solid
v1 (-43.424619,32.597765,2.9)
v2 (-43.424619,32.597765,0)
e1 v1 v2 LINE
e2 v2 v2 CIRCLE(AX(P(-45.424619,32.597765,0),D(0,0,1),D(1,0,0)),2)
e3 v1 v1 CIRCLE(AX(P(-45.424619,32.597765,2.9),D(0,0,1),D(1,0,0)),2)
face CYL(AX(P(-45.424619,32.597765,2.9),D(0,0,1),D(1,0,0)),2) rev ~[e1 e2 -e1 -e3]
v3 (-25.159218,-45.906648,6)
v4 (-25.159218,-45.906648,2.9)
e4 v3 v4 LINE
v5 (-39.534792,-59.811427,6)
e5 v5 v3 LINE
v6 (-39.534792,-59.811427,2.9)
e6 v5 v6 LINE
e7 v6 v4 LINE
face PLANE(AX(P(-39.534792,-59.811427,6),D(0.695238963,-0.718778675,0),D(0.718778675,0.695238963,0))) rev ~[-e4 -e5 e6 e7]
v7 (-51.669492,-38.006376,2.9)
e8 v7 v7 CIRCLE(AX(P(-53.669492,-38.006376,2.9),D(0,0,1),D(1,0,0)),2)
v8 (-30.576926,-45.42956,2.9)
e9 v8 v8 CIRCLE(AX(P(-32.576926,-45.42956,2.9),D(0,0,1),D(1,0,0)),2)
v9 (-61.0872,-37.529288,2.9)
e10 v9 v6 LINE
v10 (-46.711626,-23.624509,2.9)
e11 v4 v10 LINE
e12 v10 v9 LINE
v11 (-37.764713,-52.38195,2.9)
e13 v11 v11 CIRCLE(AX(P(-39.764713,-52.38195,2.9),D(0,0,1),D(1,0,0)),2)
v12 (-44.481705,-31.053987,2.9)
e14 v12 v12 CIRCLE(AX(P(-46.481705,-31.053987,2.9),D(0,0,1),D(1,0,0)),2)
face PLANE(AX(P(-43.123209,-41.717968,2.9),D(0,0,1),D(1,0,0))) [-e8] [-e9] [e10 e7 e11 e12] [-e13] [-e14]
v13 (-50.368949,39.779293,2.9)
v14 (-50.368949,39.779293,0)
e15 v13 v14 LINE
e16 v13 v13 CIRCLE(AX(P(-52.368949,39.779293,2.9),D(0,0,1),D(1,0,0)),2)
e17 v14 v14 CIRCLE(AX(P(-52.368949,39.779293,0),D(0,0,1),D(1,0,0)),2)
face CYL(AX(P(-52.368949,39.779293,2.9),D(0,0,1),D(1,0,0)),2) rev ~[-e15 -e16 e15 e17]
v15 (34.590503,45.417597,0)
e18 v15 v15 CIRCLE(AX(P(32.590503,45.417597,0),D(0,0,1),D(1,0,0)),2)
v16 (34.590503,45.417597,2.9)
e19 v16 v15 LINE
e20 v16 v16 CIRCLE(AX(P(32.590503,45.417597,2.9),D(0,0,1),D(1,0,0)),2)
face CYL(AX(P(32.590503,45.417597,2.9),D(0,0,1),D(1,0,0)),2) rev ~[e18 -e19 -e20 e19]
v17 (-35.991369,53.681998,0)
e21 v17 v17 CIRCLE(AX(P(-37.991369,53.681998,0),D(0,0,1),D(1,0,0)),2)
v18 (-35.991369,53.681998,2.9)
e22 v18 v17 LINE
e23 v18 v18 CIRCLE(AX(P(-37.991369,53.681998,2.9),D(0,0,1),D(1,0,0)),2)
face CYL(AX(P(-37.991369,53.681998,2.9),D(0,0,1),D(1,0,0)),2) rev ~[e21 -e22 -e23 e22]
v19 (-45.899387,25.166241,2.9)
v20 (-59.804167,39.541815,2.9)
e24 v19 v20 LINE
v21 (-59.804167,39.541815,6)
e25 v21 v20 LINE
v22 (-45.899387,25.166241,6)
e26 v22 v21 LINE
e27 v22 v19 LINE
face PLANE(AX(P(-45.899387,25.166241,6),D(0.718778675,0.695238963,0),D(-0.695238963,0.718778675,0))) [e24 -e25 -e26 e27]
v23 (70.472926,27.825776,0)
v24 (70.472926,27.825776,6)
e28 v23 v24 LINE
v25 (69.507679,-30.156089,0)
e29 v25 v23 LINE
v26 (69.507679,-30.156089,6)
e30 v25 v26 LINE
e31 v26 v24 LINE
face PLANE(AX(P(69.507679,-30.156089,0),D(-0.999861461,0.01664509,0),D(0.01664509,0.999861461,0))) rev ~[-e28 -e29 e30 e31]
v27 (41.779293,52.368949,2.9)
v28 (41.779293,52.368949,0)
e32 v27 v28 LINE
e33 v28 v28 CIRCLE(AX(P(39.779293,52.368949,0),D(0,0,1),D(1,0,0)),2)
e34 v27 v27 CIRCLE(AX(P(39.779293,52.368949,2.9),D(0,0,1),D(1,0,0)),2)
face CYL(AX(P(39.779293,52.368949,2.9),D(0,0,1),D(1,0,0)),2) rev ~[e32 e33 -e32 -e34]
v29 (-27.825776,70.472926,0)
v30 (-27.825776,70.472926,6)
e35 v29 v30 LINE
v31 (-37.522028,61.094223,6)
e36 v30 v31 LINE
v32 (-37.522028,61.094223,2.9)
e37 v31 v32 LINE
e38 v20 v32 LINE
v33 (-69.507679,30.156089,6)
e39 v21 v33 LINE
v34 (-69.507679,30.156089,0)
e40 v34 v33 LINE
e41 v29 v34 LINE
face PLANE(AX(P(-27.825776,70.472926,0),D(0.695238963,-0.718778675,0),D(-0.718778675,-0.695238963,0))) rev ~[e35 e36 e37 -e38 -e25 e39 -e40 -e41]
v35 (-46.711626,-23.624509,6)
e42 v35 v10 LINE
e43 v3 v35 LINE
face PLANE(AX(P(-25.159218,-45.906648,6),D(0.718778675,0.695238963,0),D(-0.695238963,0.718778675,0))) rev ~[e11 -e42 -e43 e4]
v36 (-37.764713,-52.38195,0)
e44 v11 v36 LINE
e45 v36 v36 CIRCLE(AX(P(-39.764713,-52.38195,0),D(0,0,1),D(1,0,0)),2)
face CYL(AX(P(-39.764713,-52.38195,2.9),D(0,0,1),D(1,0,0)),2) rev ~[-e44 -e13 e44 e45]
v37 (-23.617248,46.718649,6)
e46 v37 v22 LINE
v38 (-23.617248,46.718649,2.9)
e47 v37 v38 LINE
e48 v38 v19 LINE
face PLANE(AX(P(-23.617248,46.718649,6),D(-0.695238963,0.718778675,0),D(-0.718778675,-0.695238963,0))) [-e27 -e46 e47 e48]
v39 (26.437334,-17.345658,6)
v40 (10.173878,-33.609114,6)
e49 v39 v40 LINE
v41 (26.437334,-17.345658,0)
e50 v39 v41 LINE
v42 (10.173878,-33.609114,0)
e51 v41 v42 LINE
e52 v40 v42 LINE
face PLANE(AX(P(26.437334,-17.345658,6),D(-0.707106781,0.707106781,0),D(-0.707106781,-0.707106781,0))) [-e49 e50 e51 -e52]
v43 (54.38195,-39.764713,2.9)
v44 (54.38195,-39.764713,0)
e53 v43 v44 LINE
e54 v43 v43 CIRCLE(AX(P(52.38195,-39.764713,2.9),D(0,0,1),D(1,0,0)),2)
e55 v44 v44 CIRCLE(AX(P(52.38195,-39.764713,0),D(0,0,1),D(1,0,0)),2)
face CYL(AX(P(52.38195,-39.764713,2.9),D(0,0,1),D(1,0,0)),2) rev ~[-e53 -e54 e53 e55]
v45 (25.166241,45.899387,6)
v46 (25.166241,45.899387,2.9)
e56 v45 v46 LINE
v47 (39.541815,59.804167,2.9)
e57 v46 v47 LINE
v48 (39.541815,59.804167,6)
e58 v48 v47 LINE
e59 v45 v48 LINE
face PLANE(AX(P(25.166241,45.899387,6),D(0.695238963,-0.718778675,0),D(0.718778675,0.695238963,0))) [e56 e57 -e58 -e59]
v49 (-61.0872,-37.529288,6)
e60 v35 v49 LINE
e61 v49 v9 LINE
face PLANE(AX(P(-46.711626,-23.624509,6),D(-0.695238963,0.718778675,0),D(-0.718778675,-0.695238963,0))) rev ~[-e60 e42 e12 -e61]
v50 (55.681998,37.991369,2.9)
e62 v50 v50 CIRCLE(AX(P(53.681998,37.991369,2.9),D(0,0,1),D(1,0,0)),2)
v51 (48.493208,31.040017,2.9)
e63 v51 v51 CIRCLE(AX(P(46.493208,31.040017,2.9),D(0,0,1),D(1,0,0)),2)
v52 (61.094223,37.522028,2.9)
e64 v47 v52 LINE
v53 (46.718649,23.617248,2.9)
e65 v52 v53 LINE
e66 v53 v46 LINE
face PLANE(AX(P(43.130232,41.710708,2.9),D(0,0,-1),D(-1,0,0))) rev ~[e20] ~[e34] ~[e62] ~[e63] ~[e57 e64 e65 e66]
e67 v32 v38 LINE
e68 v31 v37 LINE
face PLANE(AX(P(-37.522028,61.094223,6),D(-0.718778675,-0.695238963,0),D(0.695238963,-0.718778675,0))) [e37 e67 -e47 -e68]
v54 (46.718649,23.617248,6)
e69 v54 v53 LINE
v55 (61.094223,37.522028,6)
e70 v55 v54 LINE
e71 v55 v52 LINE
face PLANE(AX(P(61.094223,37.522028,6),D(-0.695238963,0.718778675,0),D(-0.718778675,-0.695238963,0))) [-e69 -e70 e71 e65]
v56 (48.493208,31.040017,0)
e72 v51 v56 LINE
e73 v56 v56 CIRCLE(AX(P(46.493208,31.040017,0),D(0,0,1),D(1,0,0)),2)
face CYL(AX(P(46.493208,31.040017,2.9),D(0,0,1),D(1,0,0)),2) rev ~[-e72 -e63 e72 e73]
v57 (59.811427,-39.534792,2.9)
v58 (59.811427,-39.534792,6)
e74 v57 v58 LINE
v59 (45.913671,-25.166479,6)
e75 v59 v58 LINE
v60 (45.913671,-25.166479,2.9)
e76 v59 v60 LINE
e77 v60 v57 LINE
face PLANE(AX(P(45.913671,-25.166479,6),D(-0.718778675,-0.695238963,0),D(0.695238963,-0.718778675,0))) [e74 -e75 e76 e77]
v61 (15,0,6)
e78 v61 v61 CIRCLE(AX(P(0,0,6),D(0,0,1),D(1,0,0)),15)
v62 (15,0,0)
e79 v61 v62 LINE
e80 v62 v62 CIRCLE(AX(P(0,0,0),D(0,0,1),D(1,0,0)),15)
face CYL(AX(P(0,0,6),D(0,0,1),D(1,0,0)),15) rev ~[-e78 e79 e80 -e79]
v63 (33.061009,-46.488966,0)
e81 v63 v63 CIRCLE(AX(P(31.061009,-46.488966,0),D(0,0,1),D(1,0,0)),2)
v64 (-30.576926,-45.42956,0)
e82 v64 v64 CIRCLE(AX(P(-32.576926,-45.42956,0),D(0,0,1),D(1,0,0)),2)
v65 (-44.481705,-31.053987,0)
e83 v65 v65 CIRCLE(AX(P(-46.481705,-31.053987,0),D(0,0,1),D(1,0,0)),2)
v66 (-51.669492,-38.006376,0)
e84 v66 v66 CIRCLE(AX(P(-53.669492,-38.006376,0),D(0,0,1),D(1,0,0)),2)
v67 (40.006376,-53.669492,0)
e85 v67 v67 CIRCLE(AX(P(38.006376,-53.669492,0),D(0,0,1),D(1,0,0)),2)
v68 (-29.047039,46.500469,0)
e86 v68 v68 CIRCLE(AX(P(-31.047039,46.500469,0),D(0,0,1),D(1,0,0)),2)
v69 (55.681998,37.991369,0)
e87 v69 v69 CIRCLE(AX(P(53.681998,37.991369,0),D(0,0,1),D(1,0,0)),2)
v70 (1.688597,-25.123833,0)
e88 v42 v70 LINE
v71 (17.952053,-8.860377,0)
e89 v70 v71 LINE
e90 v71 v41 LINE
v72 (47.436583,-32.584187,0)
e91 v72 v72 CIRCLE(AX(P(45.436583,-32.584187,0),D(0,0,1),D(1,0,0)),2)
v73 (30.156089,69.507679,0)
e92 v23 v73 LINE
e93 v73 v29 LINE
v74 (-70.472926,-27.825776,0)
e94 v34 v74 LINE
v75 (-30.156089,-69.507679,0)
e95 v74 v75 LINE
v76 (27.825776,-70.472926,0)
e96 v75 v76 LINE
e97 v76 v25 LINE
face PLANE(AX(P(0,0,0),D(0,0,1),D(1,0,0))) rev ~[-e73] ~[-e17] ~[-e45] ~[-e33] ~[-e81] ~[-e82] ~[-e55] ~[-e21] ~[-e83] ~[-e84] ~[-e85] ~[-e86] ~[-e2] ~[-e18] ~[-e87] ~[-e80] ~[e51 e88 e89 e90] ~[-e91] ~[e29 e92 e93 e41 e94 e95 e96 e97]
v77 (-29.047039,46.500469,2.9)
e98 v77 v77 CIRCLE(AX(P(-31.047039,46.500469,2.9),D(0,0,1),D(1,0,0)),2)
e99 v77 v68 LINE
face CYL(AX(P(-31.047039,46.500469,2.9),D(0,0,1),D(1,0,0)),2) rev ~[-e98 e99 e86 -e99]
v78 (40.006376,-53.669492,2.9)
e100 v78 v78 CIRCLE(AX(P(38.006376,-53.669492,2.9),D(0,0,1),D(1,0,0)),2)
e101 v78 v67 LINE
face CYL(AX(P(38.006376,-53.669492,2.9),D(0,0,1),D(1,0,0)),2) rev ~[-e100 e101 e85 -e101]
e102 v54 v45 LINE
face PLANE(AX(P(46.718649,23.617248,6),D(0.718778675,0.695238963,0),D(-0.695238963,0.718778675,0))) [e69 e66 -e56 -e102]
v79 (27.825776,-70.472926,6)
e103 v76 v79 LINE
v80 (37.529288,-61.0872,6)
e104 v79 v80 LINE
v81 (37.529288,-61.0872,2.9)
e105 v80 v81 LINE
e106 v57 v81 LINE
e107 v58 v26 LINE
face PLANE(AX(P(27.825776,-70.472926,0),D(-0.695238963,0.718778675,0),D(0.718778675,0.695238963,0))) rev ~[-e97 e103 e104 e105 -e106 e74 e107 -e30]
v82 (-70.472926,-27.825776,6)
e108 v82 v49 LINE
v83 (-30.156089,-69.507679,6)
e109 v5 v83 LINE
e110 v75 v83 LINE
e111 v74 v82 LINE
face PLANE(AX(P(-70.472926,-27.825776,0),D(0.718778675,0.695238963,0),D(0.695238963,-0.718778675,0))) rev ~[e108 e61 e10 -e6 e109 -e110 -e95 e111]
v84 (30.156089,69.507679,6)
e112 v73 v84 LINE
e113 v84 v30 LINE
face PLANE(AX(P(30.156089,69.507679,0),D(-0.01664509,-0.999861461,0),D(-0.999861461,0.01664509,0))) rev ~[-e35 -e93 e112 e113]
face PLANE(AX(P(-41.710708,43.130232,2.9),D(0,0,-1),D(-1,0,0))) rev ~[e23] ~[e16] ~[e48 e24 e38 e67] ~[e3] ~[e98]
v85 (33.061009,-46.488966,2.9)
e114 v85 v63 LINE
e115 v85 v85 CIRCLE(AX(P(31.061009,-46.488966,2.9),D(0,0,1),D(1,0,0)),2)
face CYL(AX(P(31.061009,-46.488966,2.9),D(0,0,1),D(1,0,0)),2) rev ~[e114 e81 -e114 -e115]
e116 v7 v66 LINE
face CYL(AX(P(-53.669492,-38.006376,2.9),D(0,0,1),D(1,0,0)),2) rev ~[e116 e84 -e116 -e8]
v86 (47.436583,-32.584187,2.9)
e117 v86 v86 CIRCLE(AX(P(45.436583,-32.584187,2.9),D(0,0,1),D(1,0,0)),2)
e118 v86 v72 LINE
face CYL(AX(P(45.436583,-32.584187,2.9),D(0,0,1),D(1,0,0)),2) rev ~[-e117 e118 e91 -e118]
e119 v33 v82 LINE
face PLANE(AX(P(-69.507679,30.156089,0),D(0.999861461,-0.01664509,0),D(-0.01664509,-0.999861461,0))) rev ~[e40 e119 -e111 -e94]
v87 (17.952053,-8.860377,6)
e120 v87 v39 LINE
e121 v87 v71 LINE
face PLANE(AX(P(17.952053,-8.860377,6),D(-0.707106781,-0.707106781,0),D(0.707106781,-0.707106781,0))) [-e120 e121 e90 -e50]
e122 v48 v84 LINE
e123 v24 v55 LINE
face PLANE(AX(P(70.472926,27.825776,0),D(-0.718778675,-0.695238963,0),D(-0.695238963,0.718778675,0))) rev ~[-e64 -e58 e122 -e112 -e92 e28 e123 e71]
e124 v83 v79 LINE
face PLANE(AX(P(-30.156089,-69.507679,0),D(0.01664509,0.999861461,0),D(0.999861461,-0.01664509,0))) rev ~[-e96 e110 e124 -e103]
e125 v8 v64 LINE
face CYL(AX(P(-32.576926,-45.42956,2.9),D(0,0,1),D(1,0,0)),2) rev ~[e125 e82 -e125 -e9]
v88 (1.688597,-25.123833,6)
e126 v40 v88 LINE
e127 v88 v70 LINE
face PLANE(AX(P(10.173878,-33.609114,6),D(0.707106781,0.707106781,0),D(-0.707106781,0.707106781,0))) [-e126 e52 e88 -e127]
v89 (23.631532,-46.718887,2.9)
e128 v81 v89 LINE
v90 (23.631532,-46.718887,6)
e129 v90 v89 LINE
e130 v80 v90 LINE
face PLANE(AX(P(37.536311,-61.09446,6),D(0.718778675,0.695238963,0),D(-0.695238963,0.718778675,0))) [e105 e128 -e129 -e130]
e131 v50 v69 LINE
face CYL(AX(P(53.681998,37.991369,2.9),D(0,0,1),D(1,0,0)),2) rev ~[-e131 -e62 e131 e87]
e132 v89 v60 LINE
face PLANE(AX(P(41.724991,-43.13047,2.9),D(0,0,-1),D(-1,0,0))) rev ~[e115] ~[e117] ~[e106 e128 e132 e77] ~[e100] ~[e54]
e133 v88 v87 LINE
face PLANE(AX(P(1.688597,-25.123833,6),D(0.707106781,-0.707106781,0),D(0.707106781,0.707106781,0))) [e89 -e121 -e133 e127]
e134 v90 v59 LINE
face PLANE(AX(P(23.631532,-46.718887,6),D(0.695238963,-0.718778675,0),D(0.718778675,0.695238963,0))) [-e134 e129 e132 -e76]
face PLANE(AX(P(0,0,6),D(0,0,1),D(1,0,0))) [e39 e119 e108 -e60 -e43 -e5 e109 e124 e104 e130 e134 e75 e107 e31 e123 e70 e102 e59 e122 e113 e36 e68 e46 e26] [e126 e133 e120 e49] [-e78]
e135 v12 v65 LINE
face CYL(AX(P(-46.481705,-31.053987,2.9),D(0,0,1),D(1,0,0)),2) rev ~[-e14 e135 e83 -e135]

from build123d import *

# Parameters (mm, degrees)
RESSALTO_EXTRUS_O1_DEPTH = 6
CORTE_EXTRUS_O1_DEPTH    = 3.1
ESBO_O4_R                = 15
CORTE_EXTRUS_O2_DEPTH    = 100.844211363
ESBO_O6_R                = 2
CORTE_EXTRUS_O3_DEPTH    = 3.1
CORTE_EXTRUS_O7_DEPTH    = 10


with BuildPart() as part:
    # Esboço2 → Ressalto-extrusão1 (new body)
    with BuildSketch(Plane.XY):
        Polygon((70.472925804, 27.825776133), (30.15608873, 69.507678721), (-27.825776133, 70.472925804), (-69.507678721, 30.15608873), (-70.472925804, -27.825776133), (-30.15608873, -69.507678721), (27.825776133, -70.472925804), (69.507678721, -30.15608873), align=None)
    extrude(amount=RESSALTO_EXTRUS_O1_DEPTH)

    # Esboço3 → Corte-extrusão1 (cut)
    with BuildSketch(Plane.XY.offset(6)):
        Polygon((-61.0871998, -37.529288249), (-39.534791939, -59.811427182), (-25.159218434, -45.906647917), (-46.711626295, -23.624508984), align=None)
        Polygon((46.71864909, 23.617248408), (25.166241229, 45.899387341), (39.541814734, 59.804166606), (61.094222595, 37.522027673), align=None)
        Polygon((-59.804166606, 39.541814734), (-37.522027673, 61.094222595), (-23.617248408, 46.71864909), (-45.899387341, 25.166241229), align=None)
        Polygon((23.631531779, -46.718886871), (45.913670712, -25.16647901), (59.818449977, -39.542052515), (37.536311044, -61.094460376), align=None)
    extrude(amount=-CORTE_EXTRUS_O1_DEPTH, mode=Mode.SUBTRACT)

    # Esboço4 → Corte-extrusão2 (cut, through all)
    with BuildSketch(Plane.XY.offset(6)):
        Circle(ESBO_O4_R)
    extrude(amount=-CORTE_EXTRUS_O2_DEPTH, mode=Mode.SUBTRACT)

    # Esboço6 → Corte-extrusão3 (cut)
    with BuildSketch(Plane.XY.offset(2.9)):
        with Locations((-46.481705373, -31.053986514)):
            Circle(ESBO_O6_R)
        with Locations((-53.669492126, -38.006376147)):
            Circle(ESBO_O6_R)
        with Locations((-39.764712861, -52.381949652)):
            Circle(ESBO_O6_R)
        with Locations((-32.576926108, -45.429560019)):
            Circle(ESBO_O6_R)
        with Locations((39.779293109, 52.368949317)):
            Circle(ESBO_O6_R)
        with Locations((32.590503175, 45.417596982)):
            Circle(ESBO_O6_R)
        with Locations((53.681997779, 37.991369449)):
            Circle(ESBO_O6_R)
        with Locations((46.493207845, 31.040017114)):
            Circle(ESBO_O6_R)
        with Locations((38.006376147, -53.669492126)):
            Circle(ESBO_O6_R)
        with Locations((31.061009309, -46.488965949)):
            Circle(ESBO_O6_R)
        with Locations((52.381949652, -39.764712861)):
            Circle(ESBO_O6_R)
        with Locations((45.436582814, -32.584186684)):
            Circle(ESBO_O6_R)
        with Locations((-37.991369449, 53.681997779)):
            Circle(ESBO_O6_R)
        with Locations((-31.047038861, 46.500469435)):
            Circle(ESBO_O6_R)
        with Locations((-45.424618729, 32.597764765)):
            Circle(ESBO_O6_R)
        with Locations((-52.368949317, 39.779293109)):
            Circle(ESBO_O6_R)
    extrude(amount=-CORTE_EXTRUS_O3_DEPTH, mode=Mode.SUBTRACT)

    # Esboço7 → Corte-extrusão7 (cut)
    with BuildSketch(Plane.XY.offset(6)):
        Polygon((10.173878015, -33.609114275), (1.688596641, -25.123832901), (17.952052608, -8.860376934), (26.437333982, -17.345658308), align=None)
    extrude(amount=-CORTE_EXTRUS_O7_DEPTH, mode=Mode.SUBTRACT)


solid = part.part
